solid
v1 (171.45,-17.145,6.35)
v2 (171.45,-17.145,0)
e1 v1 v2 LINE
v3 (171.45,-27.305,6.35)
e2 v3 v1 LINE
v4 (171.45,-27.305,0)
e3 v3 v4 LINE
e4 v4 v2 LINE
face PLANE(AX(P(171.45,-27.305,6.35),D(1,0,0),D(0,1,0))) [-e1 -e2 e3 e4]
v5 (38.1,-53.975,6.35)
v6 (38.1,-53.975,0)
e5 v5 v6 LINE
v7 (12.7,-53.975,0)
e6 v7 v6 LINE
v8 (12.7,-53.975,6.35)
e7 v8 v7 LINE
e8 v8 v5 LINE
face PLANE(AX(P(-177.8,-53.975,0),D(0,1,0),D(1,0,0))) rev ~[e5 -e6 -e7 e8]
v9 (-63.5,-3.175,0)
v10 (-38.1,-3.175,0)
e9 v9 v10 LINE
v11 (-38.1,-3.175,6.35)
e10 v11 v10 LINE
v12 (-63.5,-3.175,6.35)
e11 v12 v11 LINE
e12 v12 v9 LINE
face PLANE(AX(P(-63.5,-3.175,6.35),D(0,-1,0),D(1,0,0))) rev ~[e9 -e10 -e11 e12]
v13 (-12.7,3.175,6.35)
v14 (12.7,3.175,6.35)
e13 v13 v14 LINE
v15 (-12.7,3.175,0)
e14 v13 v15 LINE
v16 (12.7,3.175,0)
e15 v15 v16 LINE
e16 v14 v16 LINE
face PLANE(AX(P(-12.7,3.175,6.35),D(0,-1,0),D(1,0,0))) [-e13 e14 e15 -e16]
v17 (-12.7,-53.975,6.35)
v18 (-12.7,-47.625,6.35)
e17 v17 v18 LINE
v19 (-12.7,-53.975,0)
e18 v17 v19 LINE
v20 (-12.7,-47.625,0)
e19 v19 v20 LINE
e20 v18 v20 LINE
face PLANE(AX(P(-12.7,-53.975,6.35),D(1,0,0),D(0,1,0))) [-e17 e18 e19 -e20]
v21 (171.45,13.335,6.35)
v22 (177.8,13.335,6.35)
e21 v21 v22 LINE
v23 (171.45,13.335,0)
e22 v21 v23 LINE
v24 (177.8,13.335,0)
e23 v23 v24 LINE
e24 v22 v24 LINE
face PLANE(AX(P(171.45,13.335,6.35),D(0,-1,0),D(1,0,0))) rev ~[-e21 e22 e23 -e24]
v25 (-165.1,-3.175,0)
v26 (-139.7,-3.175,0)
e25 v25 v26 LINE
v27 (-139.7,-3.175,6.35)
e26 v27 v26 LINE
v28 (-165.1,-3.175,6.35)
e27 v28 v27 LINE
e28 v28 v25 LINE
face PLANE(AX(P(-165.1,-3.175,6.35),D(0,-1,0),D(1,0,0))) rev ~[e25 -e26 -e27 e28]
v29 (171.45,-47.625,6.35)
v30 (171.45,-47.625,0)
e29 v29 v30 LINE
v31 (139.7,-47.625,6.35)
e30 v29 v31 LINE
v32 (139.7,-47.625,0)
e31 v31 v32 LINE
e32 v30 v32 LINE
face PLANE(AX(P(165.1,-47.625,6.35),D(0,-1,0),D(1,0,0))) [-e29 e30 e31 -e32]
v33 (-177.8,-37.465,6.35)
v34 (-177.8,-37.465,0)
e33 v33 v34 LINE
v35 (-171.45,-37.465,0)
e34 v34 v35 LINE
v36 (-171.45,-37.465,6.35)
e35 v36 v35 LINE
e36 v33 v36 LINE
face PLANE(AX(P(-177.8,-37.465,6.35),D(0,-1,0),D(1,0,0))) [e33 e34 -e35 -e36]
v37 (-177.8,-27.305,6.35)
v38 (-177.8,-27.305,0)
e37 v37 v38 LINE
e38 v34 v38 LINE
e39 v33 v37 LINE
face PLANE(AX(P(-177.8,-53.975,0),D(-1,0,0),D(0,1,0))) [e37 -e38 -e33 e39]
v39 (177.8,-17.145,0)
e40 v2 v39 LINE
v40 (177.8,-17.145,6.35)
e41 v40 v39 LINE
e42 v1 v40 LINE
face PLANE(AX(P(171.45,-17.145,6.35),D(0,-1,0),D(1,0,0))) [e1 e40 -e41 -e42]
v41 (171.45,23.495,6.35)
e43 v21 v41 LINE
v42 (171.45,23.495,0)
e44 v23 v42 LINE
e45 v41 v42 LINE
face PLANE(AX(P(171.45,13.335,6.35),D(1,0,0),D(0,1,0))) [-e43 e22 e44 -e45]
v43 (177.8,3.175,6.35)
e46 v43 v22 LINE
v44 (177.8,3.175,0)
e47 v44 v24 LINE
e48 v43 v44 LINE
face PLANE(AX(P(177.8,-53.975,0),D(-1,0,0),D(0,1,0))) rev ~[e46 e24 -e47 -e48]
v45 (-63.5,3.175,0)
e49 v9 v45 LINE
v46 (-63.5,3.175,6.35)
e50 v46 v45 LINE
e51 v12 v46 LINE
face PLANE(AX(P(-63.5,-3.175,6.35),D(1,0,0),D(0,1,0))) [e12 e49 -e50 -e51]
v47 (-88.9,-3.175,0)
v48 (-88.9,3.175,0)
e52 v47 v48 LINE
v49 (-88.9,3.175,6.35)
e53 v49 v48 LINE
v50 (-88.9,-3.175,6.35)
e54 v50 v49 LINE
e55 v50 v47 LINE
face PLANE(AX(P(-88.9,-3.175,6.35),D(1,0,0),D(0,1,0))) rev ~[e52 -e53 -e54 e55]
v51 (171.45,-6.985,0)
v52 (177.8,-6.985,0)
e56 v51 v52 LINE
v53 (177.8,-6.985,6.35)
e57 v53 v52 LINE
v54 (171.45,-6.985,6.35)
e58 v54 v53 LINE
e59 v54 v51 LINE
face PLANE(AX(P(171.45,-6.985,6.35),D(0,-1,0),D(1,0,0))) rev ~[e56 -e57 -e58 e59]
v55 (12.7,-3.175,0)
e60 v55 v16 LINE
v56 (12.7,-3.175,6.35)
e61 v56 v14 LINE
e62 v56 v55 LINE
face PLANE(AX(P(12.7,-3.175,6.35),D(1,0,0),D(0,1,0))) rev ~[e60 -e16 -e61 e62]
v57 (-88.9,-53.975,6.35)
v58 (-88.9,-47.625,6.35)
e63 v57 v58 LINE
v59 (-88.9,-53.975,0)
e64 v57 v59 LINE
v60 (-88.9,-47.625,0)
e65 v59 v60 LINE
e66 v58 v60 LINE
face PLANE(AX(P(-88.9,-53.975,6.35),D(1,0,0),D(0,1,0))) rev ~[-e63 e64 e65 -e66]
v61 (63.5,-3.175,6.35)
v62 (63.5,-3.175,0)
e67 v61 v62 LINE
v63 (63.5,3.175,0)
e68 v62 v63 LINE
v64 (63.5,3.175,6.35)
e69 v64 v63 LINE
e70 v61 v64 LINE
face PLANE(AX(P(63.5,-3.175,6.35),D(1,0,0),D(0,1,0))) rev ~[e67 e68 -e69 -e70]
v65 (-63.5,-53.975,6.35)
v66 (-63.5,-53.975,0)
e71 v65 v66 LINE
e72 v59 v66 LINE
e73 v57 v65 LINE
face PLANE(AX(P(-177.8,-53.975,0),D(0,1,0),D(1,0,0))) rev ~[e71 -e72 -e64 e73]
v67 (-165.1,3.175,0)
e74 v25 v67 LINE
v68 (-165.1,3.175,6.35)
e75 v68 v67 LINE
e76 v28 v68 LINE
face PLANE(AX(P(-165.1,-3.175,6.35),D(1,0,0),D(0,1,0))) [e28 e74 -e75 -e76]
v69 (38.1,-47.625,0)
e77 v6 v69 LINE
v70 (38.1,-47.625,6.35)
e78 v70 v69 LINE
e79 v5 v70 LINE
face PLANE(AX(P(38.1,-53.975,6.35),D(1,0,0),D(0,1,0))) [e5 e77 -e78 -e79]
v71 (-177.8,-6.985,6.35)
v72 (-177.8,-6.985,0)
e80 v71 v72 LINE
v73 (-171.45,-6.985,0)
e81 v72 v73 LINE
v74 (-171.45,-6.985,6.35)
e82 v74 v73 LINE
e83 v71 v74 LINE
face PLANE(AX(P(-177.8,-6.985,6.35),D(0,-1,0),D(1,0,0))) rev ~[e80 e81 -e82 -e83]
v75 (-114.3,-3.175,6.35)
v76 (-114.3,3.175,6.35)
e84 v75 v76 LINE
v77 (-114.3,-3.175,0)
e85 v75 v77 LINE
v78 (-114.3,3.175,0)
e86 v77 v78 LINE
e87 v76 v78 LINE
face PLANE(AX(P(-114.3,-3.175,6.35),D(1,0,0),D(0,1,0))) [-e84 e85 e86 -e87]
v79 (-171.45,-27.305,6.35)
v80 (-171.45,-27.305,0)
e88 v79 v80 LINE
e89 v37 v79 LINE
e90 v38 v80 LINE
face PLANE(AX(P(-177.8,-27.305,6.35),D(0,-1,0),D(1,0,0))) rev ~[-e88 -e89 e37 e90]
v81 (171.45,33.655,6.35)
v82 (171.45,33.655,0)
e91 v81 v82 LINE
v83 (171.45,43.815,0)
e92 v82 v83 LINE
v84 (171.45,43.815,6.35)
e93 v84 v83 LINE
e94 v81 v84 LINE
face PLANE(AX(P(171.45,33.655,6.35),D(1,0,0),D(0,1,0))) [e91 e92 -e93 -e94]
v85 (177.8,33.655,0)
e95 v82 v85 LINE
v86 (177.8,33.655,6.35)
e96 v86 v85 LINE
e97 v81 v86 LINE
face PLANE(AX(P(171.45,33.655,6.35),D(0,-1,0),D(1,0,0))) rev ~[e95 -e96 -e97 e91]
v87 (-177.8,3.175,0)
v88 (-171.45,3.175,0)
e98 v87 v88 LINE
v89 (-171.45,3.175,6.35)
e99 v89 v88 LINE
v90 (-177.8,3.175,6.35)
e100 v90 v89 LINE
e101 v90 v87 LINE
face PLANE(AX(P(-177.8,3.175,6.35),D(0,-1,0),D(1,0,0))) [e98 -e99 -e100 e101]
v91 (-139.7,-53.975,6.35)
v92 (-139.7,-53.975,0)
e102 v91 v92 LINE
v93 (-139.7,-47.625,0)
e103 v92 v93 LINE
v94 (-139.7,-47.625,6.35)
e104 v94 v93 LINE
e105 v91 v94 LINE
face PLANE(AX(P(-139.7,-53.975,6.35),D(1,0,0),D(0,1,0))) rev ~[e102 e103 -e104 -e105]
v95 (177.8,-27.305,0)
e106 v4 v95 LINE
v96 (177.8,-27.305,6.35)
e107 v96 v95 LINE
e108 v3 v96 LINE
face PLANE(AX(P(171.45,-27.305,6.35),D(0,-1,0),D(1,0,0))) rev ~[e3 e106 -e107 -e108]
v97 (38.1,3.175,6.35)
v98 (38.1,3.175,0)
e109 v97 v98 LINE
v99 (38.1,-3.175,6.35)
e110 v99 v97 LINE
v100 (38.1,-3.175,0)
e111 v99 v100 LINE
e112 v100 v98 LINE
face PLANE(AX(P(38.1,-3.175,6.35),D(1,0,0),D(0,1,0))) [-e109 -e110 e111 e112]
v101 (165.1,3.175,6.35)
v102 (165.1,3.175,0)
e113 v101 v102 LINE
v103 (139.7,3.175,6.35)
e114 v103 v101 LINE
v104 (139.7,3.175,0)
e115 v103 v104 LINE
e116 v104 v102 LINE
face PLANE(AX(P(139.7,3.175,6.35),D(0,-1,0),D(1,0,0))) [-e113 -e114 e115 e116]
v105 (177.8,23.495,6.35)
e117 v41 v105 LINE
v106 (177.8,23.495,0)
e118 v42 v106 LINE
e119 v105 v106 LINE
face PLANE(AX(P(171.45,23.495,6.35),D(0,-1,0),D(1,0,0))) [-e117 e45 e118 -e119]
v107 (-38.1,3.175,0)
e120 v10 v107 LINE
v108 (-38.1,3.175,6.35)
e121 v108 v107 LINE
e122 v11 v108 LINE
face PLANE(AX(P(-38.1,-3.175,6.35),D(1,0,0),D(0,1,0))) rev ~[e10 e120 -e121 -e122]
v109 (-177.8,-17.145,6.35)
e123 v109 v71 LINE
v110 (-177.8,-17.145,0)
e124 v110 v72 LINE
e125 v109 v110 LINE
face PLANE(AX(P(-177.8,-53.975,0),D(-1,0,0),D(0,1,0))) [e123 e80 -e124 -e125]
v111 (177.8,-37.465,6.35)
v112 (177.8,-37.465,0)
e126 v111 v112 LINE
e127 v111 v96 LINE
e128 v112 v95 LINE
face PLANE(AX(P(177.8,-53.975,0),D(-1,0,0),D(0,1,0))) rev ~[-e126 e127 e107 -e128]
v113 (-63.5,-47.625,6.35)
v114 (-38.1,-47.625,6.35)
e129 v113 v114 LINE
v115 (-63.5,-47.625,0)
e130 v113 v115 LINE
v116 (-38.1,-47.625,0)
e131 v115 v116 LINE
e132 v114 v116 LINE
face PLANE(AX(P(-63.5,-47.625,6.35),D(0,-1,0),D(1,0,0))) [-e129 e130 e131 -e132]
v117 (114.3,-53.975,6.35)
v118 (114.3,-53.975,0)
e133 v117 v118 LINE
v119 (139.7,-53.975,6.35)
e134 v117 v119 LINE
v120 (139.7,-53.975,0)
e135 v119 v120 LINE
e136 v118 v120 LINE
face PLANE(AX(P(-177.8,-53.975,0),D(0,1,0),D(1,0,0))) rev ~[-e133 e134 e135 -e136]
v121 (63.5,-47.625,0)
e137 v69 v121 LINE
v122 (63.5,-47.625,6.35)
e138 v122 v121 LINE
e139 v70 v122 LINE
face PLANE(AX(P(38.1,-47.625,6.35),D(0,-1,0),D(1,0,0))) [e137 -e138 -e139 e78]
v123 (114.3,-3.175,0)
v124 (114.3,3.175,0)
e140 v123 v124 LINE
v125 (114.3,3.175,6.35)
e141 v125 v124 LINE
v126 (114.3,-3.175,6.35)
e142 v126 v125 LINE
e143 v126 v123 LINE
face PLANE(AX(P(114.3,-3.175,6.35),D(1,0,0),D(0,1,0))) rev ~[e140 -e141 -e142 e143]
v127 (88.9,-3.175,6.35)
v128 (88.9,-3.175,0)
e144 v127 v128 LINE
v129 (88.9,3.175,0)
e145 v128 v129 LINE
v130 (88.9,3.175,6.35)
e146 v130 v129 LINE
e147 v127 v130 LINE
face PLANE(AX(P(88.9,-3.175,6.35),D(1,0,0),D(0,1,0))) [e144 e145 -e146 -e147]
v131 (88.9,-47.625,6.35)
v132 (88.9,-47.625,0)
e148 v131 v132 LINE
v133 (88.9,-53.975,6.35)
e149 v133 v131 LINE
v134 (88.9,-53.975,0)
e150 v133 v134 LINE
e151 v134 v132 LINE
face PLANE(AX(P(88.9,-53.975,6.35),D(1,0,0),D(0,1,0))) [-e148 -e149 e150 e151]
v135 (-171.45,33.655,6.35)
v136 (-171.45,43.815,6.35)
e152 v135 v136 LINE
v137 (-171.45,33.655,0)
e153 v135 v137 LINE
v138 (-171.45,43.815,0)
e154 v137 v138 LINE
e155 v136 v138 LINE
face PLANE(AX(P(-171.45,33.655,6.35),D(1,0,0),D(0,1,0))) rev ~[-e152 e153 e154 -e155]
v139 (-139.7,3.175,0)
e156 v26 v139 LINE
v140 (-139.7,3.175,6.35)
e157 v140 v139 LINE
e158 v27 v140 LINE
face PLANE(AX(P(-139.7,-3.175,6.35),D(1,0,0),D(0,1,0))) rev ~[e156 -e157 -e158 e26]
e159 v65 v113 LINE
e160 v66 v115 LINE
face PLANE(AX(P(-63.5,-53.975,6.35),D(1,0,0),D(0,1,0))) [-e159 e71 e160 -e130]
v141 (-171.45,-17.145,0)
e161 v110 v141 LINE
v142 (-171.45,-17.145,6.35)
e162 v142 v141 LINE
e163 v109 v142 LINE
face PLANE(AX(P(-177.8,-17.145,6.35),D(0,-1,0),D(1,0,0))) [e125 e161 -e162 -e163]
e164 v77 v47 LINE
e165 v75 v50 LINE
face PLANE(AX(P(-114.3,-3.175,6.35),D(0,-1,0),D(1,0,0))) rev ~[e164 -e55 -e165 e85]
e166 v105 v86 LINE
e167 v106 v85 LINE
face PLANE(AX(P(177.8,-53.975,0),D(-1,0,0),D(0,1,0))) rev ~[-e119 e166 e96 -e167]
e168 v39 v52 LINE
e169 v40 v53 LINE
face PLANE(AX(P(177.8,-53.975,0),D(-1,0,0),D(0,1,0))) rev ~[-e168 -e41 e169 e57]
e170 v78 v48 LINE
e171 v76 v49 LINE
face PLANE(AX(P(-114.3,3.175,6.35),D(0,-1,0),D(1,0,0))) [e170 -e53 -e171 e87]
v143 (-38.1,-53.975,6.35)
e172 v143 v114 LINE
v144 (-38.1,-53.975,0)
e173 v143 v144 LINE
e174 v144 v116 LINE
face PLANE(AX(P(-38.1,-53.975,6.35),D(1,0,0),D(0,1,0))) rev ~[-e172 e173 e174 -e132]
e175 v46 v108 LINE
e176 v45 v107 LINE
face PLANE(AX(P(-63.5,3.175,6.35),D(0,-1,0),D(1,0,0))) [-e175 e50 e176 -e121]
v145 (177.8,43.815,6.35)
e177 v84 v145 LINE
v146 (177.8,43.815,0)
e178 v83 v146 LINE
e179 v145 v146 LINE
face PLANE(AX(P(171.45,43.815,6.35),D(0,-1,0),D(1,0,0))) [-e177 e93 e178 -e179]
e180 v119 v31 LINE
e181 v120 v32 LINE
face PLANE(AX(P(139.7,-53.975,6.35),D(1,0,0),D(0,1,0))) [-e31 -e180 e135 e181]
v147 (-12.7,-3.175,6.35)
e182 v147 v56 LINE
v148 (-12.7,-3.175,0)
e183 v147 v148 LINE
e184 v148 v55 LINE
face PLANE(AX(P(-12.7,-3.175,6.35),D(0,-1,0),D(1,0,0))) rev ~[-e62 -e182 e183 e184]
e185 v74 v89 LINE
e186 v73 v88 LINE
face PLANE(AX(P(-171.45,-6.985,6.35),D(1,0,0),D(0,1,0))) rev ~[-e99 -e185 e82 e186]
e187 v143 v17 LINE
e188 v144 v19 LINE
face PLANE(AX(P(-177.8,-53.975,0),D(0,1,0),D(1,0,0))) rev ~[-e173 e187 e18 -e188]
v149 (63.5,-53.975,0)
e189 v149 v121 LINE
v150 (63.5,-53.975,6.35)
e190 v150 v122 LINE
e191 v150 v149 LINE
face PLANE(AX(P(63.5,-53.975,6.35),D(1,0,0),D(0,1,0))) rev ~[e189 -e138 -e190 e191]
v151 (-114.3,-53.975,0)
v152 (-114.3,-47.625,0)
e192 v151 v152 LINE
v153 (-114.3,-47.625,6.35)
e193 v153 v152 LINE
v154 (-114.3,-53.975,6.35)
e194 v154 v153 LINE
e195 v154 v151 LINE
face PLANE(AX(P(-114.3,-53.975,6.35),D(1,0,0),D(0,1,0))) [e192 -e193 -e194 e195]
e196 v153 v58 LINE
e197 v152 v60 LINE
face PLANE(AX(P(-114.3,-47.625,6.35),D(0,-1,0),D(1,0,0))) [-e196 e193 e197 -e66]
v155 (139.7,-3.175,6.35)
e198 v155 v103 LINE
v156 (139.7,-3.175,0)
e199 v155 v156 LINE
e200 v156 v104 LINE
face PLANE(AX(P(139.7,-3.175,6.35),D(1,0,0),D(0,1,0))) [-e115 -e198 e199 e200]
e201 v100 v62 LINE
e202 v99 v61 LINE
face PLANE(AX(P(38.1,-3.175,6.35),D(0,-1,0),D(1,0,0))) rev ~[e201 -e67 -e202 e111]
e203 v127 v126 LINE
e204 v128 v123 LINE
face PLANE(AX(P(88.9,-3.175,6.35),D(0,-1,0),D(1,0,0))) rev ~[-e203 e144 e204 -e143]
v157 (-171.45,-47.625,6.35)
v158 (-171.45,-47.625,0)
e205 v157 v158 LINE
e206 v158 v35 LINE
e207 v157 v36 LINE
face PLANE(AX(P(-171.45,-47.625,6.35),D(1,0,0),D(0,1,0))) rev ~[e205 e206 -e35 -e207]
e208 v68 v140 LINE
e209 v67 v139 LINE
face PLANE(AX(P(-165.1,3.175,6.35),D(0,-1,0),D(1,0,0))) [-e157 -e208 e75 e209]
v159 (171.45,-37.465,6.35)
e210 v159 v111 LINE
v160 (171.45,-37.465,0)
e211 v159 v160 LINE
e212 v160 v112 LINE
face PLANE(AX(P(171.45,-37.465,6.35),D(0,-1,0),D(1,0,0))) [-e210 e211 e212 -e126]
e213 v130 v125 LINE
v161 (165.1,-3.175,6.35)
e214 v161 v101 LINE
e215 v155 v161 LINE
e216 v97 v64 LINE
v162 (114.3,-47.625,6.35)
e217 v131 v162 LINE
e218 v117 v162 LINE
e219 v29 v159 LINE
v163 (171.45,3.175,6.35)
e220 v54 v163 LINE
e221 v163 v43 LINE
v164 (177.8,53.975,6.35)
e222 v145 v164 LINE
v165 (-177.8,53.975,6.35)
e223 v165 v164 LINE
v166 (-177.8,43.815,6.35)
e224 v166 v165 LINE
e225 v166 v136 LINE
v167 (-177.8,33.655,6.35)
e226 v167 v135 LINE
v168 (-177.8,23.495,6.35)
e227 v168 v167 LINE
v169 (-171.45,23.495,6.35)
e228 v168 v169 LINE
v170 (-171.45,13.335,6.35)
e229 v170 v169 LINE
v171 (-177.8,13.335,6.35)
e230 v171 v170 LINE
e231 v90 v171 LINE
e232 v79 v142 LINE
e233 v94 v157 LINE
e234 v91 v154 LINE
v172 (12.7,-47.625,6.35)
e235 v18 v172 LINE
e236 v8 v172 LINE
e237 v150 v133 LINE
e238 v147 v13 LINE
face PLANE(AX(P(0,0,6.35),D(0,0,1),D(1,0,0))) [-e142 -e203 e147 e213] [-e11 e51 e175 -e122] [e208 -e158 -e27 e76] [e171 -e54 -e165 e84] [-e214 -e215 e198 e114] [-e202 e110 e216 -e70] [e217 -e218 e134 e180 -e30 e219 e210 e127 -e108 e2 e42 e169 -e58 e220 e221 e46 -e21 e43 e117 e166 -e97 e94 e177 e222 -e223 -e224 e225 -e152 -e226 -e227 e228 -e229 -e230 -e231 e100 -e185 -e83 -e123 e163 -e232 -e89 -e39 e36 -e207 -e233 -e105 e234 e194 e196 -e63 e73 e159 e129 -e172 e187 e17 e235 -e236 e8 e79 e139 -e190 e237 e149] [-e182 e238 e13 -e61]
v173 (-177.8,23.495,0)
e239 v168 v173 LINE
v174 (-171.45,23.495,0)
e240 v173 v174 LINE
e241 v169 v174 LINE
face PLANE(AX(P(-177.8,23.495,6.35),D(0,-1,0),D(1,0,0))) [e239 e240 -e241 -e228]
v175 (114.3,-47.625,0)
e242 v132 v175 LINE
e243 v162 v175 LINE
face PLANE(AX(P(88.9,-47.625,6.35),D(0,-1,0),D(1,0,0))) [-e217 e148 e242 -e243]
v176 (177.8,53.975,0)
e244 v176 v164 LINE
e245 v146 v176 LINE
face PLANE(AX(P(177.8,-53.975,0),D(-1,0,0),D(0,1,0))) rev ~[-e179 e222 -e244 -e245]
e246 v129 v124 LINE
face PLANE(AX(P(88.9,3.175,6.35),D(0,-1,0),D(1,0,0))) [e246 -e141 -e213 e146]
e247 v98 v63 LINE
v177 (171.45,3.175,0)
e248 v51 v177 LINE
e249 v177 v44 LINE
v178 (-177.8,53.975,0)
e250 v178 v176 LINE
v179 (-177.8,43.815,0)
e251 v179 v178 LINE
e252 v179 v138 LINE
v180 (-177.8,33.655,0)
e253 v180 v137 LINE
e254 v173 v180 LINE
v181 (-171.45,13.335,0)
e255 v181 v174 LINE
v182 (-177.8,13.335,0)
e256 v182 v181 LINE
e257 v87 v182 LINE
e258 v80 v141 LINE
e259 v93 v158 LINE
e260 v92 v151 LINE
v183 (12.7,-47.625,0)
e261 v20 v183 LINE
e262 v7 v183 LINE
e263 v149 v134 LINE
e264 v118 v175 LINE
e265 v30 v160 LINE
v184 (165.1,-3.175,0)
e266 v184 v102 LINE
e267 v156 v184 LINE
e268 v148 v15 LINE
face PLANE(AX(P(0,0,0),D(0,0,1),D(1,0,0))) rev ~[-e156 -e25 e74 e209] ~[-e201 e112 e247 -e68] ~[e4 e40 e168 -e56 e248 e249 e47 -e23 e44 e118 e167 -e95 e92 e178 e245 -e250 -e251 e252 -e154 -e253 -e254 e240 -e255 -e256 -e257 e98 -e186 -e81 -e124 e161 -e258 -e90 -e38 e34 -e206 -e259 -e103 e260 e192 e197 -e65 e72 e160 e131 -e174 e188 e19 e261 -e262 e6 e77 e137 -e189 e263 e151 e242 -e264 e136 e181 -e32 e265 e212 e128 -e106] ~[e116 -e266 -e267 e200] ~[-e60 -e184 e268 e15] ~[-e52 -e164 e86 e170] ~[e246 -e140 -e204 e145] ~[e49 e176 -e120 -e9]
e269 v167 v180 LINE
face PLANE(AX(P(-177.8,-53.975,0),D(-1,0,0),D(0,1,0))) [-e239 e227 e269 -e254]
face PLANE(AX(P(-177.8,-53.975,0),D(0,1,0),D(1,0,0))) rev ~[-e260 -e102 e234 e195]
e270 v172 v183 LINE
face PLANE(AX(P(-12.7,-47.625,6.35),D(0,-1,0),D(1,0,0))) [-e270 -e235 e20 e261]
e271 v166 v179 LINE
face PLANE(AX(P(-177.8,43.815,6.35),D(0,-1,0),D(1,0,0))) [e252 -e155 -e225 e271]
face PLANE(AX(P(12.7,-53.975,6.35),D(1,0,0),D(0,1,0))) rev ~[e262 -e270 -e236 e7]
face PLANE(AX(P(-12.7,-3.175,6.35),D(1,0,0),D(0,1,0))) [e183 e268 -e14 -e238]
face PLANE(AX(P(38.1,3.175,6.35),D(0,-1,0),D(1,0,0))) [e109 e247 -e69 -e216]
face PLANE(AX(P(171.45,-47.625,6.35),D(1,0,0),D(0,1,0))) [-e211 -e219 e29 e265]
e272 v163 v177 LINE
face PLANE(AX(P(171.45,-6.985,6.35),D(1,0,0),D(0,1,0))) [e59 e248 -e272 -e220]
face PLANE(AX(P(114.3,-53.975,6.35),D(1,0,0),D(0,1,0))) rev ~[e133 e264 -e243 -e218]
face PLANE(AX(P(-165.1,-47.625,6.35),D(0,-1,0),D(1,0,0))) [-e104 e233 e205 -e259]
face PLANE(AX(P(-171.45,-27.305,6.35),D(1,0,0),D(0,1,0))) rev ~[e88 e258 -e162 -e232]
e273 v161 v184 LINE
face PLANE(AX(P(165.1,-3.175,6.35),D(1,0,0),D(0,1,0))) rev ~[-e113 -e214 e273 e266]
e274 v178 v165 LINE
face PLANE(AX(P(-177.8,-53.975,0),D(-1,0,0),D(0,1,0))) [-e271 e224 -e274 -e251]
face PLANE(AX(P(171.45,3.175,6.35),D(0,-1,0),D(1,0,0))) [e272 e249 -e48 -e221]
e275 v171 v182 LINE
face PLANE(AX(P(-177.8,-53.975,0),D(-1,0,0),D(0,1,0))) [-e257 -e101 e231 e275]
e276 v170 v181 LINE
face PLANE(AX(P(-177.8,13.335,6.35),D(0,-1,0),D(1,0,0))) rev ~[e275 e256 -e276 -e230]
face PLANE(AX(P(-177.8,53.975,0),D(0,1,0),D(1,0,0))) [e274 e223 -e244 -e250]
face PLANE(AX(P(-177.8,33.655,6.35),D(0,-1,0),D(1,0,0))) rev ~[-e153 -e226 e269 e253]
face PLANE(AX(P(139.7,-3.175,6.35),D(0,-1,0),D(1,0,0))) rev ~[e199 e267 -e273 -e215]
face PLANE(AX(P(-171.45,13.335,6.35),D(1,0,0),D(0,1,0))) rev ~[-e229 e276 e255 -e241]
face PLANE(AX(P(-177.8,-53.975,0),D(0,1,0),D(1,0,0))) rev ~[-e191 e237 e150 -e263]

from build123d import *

# Parameters (mm, degrees)
ESQUISSE1_W                     = 355.6
ESQUISSE1_H                     = 107.95
BOSS_EXTRU_1_DEPTH              = 6.35
ESQUISSE4_W                     = 6.35
ESQUISSE4_H                     = 10.16
ENL_V_MAT_EXTRU_3_DEPTH         = 6.35
R_P_TITION_LIN_AIRE2_COUNT      = 7
R_P_TITION_LIN_AIRE2_PITCH      = 20.32
R_P_TITION_LIN_AIRE2_COUNT_DIR2 = 2
R_P_TITION_LIN_AIRE2_PITCH_DIR2 = 349.25
ESQUISSE5_W                     = 25.4
ESQUISSE5_H                     = 6.35
ENL_V_MAT_EXTRU_4_DEPTH         = 6.35
R_P_TITION_LIN_AIRE3_COUNT      = 7
R_P_TITION_LIN_AIRE3_PITCH      = 50.8
ESQUISSE6_W                     = 12.7
ESQUISSE6_H                     = 6.35
ENL_V_MAT_EXTRU_5_DEPTH         = 6.35
ESQUISSE8_W                     = 12.7
ESQUISSE8_H                     = 6.35
ENL_V_MAT_EXTRU_7_DEPTH         = 6.35
ESQUISSE9_W                     = 25.4
ESQUISSE9_H                     = 6.35
ENL_V_MAT_EXTRU_8_DEPTH         = 6.35
R_P_TITION_LIN_AIRE6_COUNT      = 7
R_P_TITION_LIN_AIRE6_PITCH      = 50.8


with BuildPart() as part:
    # Esquisse1 → Boss.-Extru.1 (new body)
    with BuildSketch(Plane.XY):
        Rectangle(ESQUISSE1_W, ESQUISSE1_H)
    extrude(amount=BOSS_EXTRU_1_DEPTH)

    # Esquisse4 → Enlèv. mat.-Extru.3 (cut)
    with BuildSketch(Plane.XY.offset(6.35)):
        with Locations((-174.625, 38.735)):
            Rectangle(ESQUISSE4_W, ESQUISSE4_H)
    enl_v_mat_extru_3 = extrude(amount=-ENL_V_MAT_EXTRU_3_DEPTH, mode=Mode.SUBTRACT)

    # Répétition linéaire2: Enl_v. mat.-Extru.3 7 × 2
    with Locations(*[(j * R_P_TITION_LIN_AIRE2_PITCH_DIR2, -i * R_P_TITION_LIN_AIRE2_PITCH, 0) for i in range(R_P_TITION_LIN_AIRE2_COUNT) for j in range(R_P_TITION_LIN_AIRE2_COUNT_DIR2) if (i, j) != (0, 0)]):
        add(enl_v_mat_extru_3, mode=Mode.SUBTRACT)

    # Esquisse5 → Enlèv. mat.-Extru.4 (cut)
    with BuildSketch(Plane.XY.offset(6.35)):
        with Locations((-152.4, -50.8)):
            Rectangle(ESQUISSE5_W, ESQUISSE5_H)
    enl_v_mat_extru_4 = extrude(amount=-ENL_V_MAT_EXTRU_4_DEPTH, mode=Mode.SUBTRACT)

    # Répétition linéaire3: Enlèv. mat.-Extru.4 ×7
    with Locations(*[(i * R_P_TITION_LIN_AIRE3_PITCH, 0, 0) for i in range(1, R_P_TITION_LIN_AIRE3_COUNT)]):
        add(enl_v_mat_extru_4, mode=Mode.SUBTRACT)

    # Esquisse6 → Enlèv. mat.-Extru.5 (cut)
    with BuildSketch(Plane.XY.offset(6.35)):
        with Locations((-171.45, -50.8)):
            Rectangle(ESQUISSE6_W, ESQUISSE6_H)
    extrude(amount=-ENL_V_MAT_EXTRU_5_DEPTH, mode=Mode.SUBTRACT)

    # Esquisse8 → Enlèv. mat.-Extru.7 (cut)
    with BuildSketch(Plane.XY.offset(6.35)):
        with Locations((171.45, -50.8)):
            Rectangle(ESQUISSE8_W, ESQUISSE8_H)
    extrude(amount=-ENL_V_MAT_EXTRU_7_DEPTH, mode=Mode.SUBTRACT)

    # Esquisse9 → Enlèv. mat.-Extru.8 (cut)
    with BuildSketch(Plane.XY.offset(6.35)):
        with Locations((-152.4, 0)):
            Rectangle(ESQUISSE9_W, ESQUISSE9_H)
    enl_v_mat_extru_8 = extrude(amount=-ENL_V_MAT_EXTRU_8_DEPTH, mode=Mode.SUBTRACT)

    # Répétition linéaire6: Enlèv. mat.-Extru.8 ×7
    with Locations(*[(i * R_P_TITION_LIN_AIRE6_PITCH, 0, 0) for i in range(1, R_P_TITION_LIN_AIRE6_COUNT)]):
        add(enl_v_mat_extru_8, mode=Mode.SUBTRACT)


solid = part.part
